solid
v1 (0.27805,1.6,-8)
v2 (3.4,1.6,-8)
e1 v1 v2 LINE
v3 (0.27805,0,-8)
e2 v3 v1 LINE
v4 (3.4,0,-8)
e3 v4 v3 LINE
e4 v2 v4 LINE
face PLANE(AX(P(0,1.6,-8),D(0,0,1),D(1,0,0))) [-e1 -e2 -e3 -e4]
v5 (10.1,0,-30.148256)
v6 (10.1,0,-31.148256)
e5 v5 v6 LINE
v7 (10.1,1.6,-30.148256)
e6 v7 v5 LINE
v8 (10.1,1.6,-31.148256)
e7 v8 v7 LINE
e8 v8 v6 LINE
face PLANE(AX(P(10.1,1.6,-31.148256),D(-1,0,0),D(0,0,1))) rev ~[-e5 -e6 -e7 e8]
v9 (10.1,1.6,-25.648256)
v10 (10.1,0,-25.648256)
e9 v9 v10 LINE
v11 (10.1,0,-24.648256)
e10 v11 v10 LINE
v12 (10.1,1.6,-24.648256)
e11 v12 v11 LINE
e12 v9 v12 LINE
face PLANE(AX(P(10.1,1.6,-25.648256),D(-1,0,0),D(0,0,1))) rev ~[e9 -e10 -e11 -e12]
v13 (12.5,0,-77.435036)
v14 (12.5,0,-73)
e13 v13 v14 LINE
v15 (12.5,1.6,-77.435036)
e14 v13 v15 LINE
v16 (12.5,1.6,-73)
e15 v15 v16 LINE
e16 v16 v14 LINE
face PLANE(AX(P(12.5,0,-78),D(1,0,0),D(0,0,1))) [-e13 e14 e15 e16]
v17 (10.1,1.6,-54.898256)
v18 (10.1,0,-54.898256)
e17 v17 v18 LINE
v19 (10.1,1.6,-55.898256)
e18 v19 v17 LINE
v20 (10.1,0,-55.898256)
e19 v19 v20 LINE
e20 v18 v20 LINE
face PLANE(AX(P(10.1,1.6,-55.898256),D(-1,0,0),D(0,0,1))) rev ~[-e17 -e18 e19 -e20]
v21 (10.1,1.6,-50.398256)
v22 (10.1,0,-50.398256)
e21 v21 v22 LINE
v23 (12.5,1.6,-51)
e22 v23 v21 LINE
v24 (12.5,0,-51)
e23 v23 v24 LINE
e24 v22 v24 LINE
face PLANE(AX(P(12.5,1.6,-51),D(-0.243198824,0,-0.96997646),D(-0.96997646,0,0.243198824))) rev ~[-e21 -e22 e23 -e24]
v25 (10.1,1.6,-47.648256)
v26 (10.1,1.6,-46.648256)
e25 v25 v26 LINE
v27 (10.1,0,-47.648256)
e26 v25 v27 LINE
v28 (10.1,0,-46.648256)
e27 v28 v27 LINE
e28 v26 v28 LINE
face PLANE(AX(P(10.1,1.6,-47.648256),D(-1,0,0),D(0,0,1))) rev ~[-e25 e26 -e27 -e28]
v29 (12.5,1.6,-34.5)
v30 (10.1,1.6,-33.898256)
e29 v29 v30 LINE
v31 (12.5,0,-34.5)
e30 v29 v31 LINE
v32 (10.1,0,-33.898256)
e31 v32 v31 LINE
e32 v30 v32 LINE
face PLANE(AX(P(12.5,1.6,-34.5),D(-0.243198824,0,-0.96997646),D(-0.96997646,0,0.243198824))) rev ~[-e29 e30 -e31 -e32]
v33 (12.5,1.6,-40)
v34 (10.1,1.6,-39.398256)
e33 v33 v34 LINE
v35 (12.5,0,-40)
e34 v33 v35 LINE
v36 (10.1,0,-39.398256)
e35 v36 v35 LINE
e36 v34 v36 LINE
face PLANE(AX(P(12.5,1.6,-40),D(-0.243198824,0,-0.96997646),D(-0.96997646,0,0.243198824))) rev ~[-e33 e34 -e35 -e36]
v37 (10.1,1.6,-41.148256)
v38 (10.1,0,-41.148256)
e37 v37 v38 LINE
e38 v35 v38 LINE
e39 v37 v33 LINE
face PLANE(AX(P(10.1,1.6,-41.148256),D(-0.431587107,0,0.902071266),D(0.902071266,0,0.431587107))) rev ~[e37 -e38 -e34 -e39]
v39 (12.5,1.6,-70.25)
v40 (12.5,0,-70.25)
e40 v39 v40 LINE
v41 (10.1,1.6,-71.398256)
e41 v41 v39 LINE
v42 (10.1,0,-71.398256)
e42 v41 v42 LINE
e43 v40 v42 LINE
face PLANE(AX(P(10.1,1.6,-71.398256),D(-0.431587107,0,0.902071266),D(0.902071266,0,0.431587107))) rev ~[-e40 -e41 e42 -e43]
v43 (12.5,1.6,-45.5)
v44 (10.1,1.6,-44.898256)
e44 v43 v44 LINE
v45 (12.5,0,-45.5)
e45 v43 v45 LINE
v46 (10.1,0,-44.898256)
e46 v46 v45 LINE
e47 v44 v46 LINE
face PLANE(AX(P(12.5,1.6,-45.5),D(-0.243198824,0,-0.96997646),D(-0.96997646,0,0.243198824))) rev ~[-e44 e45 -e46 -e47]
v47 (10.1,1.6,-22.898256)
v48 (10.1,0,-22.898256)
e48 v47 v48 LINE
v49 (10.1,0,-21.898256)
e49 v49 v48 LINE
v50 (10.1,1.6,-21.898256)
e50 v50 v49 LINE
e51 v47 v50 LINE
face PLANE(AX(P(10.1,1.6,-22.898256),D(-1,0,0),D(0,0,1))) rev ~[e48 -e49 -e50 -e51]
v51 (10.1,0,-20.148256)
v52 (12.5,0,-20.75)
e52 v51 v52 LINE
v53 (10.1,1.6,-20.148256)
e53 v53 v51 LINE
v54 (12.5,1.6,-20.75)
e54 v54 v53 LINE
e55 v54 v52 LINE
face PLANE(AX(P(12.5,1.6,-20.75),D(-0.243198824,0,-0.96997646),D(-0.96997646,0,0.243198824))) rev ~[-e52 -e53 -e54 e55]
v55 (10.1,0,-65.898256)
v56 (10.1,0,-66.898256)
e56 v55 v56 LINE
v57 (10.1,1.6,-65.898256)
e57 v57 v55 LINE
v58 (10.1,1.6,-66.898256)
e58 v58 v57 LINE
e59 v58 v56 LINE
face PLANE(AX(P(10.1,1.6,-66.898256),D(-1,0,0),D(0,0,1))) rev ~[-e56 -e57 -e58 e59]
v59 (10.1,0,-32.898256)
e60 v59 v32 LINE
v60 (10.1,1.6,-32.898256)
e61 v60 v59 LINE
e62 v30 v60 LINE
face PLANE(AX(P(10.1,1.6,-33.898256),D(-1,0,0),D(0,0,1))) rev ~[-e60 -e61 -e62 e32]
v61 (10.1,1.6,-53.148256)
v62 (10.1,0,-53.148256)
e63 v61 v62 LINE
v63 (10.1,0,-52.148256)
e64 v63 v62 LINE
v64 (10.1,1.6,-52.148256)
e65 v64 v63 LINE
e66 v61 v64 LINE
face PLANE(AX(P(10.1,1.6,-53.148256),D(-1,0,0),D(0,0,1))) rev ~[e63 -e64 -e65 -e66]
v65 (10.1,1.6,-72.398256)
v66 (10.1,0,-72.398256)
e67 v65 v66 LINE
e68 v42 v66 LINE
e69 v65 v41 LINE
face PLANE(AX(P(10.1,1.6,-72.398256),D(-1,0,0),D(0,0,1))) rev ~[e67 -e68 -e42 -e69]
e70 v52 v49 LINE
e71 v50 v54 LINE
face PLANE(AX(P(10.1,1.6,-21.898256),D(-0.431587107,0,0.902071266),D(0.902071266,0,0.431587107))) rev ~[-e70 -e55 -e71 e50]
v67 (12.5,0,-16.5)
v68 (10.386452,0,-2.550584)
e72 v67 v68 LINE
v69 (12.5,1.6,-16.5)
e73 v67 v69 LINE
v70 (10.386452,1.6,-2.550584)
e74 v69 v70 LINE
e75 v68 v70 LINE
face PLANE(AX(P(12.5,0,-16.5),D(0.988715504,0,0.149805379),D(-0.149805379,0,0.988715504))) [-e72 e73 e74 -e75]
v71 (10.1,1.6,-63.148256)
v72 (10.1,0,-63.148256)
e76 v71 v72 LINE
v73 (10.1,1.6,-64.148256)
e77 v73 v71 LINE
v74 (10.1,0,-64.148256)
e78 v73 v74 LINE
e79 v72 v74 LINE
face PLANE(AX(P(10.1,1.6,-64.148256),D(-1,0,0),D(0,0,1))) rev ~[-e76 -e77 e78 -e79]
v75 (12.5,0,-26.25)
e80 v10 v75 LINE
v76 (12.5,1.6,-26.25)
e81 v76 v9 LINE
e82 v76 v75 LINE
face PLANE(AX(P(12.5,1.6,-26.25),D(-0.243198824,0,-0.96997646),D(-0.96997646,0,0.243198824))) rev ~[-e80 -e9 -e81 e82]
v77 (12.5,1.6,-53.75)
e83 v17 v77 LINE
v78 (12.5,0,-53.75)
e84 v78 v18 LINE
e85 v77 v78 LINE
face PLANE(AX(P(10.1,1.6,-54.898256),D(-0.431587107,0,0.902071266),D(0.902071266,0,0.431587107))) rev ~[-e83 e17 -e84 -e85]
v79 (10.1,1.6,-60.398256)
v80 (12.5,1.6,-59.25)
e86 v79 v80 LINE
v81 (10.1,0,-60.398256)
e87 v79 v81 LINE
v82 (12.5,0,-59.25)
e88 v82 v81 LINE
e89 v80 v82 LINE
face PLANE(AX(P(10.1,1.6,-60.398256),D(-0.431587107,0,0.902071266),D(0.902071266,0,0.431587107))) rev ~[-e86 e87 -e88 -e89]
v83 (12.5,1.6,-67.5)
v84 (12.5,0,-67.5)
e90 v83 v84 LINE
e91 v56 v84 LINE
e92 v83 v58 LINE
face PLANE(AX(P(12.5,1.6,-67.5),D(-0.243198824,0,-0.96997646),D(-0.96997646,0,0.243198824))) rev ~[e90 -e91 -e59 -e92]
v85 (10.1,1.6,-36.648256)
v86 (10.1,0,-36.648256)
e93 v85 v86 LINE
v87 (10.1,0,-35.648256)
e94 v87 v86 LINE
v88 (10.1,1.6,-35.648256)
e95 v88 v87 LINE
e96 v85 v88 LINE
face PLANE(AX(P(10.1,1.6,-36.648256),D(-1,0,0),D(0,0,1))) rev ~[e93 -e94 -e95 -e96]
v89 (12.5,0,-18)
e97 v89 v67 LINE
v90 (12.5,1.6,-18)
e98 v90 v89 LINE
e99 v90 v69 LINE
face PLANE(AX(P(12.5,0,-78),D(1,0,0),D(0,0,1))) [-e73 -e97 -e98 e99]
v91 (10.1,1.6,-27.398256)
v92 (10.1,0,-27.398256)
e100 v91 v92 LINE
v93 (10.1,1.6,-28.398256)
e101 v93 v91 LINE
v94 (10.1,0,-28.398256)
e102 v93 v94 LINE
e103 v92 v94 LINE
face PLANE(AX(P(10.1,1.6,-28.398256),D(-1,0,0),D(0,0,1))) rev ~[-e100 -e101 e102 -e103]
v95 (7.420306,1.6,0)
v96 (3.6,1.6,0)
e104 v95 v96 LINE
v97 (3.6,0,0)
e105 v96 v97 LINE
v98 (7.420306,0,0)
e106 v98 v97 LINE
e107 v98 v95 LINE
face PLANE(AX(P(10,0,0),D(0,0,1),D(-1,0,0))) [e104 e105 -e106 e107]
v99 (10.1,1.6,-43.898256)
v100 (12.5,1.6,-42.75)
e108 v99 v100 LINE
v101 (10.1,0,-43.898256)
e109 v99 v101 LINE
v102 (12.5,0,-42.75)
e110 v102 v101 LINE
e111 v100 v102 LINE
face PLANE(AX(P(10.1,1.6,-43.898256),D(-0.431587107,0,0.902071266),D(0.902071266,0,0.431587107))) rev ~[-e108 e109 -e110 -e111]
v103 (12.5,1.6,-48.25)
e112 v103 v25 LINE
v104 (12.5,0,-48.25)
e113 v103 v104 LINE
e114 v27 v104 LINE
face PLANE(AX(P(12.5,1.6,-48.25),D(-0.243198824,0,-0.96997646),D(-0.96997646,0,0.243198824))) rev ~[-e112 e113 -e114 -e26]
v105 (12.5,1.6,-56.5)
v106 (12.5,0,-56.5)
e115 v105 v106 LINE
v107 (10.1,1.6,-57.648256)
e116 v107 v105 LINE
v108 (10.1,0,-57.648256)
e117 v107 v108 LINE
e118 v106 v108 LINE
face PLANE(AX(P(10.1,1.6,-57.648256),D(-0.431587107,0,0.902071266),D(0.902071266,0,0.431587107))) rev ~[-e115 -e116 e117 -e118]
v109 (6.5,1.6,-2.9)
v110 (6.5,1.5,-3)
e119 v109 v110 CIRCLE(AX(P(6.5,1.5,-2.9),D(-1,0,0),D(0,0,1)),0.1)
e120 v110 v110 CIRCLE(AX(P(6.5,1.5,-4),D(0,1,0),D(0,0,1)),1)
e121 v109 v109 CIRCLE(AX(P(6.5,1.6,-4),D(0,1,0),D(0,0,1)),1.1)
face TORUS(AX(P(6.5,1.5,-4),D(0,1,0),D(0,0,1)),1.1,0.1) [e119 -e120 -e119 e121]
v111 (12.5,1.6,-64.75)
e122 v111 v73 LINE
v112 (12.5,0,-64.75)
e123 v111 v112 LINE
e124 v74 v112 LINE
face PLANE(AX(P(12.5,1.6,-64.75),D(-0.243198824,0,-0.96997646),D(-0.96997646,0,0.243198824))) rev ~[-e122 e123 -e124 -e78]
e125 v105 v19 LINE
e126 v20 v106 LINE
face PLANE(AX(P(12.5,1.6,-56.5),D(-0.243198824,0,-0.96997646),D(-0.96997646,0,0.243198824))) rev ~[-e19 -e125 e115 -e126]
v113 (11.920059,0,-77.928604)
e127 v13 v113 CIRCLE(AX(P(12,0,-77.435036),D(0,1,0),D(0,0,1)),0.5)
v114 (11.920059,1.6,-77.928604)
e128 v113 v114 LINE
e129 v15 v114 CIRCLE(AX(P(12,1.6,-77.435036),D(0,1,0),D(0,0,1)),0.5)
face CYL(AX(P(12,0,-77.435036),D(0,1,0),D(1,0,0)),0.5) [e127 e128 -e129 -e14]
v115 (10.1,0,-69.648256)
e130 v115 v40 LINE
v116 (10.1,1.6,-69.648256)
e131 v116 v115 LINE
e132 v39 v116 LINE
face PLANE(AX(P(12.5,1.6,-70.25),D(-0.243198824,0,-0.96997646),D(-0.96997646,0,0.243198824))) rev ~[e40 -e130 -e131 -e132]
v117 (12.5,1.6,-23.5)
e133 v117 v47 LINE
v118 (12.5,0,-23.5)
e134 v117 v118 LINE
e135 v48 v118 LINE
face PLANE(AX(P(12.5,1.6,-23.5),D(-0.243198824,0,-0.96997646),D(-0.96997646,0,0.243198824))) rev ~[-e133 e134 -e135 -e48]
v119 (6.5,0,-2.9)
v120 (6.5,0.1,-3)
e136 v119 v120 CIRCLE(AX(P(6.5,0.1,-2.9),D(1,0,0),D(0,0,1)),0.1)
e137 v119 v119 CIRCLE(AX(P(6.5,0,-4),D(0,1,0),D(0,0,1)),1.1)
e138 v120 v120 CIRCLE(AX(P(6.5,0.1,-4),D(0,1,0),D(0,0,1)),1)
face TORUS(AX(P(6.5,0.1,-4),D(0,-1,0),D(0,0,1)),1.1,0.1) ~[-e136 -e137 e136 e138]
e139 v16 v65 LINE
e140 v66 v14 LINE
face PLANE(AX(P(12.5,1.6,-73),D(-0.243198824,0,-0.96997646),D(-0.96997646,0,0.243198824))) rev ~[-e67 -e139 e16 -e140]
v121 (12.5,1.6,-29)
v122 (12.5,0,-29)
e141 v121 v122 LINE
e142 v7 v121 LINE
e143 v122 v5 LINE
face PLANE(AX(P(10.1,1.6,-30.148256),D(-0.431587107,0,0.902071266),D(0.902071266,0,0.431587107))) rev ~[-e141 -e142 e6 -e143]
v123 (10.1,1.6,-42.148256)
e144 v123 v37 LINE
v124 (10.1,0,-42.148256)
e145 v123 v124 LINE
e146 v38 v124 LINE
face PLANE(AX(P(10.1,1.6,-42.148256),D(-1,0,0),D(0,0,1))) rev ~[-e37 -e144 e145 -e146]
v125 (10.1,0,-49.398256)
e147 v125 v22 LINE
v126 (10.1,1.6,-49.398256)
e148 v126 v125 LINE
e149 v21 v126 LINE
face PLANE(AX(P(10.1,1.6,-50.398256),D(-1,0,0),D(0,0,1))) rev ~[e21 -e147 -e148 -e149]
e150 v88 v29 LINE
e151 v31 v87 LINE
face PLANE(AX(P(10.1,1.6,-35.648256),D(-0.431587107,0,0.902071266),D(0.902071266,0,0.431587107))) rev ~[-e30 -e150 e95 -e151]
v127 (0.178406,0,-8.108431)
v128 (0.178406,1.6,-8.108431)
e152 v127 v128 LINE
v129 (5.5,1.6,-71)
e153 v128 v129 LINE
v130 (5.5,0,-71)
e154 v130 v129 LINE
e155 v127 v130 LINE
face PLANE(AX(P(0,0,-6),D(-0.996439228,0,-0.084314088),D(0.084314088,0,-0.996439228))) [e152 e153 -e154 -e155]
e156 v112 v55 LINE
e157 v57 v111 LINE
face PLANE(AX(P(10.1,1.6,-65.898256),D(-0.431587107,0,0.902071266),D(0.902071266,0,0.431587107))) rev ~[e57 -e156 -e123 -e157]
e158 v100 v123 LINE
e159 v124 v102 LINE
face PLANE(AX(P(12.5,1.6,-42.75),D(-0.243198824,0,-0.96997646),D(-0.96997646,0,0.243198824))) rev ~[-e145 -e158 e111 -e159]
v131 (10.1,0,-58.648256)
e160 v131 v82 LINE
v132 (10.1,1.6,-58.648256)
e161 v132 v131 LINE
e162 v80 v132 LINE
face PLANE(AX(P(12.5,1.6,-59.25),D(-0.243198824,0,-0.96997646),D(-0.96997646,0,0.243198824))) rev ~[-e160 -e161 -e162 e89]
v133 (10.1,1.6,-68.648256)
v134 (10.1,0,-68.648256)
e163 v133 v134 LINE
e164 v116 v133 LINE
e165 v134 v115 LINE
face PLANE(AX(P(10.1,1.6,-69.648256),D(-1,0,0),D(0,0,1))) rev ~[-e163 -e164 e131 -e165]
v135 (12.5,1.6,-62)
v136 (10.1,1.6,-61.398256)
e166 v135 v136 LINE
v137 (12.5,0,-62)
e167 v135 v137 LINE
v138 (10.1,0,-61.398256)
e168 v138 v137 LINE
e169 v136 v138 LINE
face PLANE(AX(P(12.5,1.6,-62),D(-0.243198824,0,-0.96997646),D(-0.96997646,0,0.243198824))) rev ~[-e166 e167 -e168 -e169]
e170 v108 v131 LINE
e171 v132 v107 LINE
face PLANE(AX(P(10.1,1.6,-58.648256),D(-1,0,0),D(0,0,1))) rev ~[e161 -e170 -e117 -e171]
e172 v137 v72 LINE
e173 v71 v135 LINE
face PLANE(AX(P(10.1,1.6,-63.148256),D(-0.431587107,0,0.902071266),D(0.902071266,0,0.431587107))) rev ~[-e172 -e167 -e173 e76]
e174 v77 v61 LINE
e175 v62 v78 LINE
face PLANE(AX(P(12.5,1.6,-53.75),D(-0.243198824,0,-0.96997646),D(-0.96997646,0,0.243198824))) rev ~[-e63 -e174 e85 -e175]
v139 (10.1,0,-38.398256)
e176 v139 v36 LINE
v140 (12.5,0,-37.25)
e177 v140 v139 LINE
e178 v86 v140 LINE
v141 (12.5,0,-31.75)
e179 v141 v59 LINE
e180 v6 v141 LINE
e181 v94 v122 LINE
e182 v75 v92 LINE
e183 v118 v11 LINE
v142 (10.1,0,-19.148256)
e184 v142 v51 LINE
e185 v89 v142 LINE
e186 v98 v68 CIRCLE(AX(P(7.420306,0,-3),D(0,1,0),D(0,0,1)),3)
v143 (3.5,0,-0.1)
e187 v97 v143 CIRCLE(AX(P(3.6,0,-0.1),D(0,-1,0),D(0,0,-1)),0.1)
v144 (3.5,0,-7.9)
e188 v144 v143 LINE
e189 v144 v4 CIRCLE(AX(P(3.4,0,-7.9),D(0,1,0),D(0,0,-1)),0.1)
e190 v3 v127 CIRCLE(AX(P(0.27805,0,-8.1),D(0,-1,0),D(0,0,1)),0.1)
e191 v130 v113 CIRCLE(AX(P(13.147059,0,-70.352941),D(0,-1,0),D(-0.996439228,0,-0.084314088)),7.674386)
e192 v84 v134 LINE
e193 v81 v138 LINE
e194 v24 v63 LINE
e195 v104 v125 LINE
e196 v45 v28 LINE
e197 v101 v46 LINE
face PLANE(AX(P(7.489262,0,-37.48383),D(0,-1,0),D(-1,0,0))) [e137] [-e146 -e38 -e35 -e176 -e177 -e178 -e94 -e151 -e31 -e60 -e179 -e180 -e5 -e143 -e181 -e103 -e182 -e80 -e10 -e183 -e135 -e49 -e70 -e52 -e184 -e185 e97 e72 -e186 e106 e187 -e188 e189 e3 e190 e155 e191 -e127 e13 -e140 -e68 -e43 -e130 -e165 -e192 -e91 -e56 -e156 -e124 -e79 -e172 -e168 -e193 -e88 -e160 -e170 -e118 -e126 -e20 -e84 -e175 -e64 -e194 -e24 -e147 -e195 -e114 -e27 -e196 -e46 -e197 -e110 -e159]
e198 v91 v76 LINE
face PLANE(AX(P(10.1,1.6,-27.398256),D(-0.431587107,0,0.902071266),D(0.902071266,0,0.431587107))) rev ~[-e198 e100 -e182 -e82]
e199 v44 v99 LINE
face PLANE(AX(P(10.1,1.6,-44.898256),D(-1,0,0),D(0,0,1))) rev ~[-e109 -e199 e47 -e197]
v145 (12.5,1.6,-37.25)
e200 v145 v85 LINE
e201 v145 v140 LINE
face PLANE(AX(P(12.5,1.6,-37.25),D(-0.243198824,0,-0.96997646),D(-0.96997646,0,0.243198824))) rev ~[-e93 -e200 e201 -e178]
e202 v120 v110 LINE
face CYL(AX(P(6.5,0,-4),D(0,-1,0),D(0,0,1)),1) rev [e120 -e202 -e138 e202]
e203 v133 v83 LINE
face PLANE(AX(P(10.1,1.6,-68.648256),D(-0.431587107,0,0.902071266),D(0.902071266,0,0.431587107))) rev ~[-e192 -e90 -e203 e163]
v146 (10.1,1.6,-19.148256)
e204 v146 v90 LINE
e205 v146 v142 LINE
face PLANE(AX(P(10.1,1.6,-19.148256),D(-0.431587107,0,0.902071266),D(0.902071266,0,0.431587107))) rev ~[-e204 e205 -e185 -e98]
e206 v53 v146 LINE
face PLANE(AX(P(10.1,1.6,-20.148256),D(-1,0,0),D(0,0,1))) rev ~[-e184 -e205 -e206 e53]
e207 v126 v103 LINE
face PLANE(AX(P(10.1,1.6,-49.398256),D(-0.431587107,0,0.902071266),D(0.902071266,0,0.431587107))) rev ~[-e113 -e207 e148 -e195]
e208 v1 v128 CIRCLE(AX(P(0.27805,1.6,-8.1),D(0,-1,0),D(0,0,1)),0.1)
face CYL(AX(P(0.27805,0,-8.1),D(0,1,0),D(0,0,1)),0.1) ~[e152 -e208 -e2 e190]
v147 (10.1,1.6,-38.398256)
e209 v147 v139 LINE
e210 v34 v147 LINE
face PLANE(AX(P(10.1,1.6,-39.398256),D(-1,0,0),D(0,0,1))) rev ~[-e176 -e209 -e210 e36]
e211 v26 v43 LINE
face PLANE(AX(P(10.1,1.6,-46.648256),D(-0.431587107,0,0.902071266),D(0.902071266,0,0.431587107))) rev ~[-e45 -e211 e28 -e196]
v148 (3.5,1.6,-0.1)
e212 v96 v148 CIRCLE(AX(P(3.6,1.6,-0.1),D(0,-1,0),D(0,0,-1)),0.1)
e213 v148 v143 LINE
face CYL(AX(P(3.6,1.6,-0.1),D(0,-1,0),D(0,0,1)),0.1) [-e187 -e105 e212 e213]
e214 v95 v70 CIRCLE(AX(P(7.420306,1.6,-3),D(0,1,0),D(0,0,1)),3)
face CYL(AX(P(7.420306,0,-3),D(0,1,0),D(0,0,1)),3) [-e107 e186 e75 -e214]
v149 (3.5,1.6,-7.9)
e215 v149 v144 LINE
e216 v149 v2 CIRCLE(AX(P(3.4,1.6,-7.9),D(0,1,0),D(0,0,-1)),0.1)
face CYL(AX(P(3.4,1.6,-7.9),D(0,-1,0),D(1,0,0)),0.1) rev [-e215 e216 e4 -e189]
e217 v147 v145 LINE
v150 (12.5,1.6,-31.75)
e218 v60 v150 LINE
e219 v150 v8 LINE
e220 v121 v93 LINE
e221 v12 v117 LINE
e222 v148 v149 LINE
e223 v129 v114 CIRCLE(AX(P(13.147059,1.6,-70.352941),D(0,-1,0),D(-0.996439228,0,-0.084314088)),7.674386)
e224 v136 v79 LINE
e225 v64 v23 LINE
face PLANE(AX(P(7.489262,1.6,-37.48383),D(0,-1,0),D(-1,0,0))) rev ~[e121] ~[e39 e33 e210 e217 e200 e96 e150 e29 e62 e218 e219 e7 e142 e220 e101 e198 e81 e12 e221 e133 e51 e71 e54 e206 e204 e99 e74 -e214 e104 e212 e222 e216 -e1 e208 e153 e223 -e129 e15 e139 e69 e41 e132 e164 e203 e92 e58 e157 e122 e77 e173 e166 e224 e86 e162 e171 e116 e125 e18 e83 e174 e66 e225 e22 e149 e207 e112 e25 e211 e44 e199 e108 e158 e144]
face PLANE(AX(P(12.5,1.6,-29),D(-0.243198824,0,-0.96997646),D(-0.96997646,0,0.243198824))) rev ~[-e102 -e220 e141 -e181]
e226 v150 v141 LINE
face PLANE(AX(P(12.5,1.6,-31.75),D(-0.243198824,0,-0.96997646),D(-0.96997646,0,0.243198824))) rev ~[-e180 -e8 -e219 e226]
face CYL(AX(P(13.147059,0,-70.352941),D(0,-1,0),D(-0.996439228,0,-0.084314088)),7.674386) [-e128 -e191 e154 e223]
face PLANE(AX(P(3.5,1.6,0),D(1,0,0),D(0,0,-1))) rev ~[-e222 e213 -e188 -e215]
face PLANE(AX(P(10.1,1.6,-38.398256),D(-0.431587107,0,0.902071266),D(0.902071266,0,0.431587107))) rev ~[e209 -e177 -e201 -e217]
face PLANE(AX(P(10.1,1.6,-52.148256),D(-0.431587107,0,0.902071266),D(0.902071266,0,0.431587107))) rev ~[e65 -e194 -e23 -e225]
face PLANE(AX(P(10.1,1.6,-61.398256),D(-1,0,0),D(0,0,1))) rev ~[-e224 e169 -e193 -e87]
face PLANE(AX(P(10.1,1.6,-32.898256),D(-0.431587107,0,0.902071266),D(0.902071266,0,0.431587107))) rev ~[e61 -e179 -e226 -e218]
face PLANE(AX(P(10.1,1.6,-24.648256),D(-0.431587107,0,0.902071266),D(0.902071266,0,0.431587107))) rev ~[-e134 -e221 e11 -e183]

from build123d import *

# Parameters (mm, degrees)
SKETCH1_R           = 1
BOSS_EXTRUDE2_DEPTH = 1.6
SKETCH3_W           = 3.5
SKETCH3_H           = 8
CUT_EXTRUDE2_DEPTH  = 80.011454866
FILLET2_R           = 3
FILLET3_R           = 0.1
FILLET4_R           = 0.1
CUT_EXTRUDE3_DEPTH  = 80.011454866
LPATTERN7_COUNT     = 20
LPATTERN7_PITCH     = 2.75
FILLET5_R           = 0.5


with BuildPart() as part:
    # Sketch1 → Boss-Extrude2 (new body)
    with BuildSketch(Plane(origin=(0, 0, 0), x_dir=(1, 0, 0), z_dir=(0, 1, 0))):
        with BuildLine():
            Line((0, 0), (0, 6))
            Line((0, 6), (5.5, 71))
            ThreePointArc((5.5, 71), (7.72044875, 75.77955125), (12.5, 78))
            Line((12.5, 78), (12.5, 16.5))
            Line((12.5, 16.5), (10, 0))
            Line((10, 0), (0, 0))
        make_face()
        with Locations(Location((6.5, 4, 0), (0, 0, 270))):
            Circle(SKETCH1_R, mode=Mode.SUBTRACT)
    extrude(amount=BOSS_EXTRUDE2_DEPTH)

    # Sketch3 → Cut-Extrude2 (cut, through all)
    with BuildSketch(Plane(origin=(0, 1.6, 0), x_dir=(1, 0, 0), z_dir=(0, 1, 0))):
        with Locations((1.75, 4)):
            Rectangle(SKETCH3_W, SKETCH3_H)
    extrude(amount=-CUT_EXTRUDE2_DEPTH, mode=Mode.SUBTRACT)

    # Fillet2
    fillet2_edges = [part.edges().sort_by_distance(p)[0] for p in [
        (10, 0.8, 0),
    ]]
    fillet(fillet2_edges, radius=FILLET2_R)

    # Fillet3
    fillet3_edges = [part.edges().sort_by_distance(p)[0] for p in [
        (6.5, 0, -5),
        (6.5, 1.6, -5),
    ]]
    fillet(fillet3_edges, radius=FILLET3_R)

    # Fillet4
    fillet4_edges = [part.edges().sort_by_distance(p)[0] for p in [
        (0.169230769, 0.8, -8),
        (3.5, 0.8, -8),
        (3.5, 0.8, 0),
    ]]
    fillet(fillet4_edges, radius=FILLET4_R)

    # Sketch4 → Cut-Extrude3 (cut, through all)
    with BuildSketch(Plane(origin=(0, 1.6, 0), x_dir=(1, 0, 0), z_dir=(0, 1, 0))):
        Polygon((12.5, 73), (10.1, 72.398256348), (10.1, 71.398256348), (12.5, 70.25), align=None)
    cut_extrude3 = extrude(amount=-CUT_EXTRUDE3_DEPTH, mode=Mode.SUBTRACT)

    # LPattern7: Cut-Extrude3 ×20
    with Locations(*[(0, 0, i * LPATTERN7_PITCH) for i in range(1, LPATTERN7_COUNT)]):
        add(cut_extrude3, mode=Mode.SUBTRACT)

    # Fillet5
    fillet5_edges = [part.edges().sort_by_distance(p)[0] for p in [
        (12.5, 0.8, -78),
    ]]
    fillet(fillet5_edges, radius=FILLET5_R)


solid = part.part
